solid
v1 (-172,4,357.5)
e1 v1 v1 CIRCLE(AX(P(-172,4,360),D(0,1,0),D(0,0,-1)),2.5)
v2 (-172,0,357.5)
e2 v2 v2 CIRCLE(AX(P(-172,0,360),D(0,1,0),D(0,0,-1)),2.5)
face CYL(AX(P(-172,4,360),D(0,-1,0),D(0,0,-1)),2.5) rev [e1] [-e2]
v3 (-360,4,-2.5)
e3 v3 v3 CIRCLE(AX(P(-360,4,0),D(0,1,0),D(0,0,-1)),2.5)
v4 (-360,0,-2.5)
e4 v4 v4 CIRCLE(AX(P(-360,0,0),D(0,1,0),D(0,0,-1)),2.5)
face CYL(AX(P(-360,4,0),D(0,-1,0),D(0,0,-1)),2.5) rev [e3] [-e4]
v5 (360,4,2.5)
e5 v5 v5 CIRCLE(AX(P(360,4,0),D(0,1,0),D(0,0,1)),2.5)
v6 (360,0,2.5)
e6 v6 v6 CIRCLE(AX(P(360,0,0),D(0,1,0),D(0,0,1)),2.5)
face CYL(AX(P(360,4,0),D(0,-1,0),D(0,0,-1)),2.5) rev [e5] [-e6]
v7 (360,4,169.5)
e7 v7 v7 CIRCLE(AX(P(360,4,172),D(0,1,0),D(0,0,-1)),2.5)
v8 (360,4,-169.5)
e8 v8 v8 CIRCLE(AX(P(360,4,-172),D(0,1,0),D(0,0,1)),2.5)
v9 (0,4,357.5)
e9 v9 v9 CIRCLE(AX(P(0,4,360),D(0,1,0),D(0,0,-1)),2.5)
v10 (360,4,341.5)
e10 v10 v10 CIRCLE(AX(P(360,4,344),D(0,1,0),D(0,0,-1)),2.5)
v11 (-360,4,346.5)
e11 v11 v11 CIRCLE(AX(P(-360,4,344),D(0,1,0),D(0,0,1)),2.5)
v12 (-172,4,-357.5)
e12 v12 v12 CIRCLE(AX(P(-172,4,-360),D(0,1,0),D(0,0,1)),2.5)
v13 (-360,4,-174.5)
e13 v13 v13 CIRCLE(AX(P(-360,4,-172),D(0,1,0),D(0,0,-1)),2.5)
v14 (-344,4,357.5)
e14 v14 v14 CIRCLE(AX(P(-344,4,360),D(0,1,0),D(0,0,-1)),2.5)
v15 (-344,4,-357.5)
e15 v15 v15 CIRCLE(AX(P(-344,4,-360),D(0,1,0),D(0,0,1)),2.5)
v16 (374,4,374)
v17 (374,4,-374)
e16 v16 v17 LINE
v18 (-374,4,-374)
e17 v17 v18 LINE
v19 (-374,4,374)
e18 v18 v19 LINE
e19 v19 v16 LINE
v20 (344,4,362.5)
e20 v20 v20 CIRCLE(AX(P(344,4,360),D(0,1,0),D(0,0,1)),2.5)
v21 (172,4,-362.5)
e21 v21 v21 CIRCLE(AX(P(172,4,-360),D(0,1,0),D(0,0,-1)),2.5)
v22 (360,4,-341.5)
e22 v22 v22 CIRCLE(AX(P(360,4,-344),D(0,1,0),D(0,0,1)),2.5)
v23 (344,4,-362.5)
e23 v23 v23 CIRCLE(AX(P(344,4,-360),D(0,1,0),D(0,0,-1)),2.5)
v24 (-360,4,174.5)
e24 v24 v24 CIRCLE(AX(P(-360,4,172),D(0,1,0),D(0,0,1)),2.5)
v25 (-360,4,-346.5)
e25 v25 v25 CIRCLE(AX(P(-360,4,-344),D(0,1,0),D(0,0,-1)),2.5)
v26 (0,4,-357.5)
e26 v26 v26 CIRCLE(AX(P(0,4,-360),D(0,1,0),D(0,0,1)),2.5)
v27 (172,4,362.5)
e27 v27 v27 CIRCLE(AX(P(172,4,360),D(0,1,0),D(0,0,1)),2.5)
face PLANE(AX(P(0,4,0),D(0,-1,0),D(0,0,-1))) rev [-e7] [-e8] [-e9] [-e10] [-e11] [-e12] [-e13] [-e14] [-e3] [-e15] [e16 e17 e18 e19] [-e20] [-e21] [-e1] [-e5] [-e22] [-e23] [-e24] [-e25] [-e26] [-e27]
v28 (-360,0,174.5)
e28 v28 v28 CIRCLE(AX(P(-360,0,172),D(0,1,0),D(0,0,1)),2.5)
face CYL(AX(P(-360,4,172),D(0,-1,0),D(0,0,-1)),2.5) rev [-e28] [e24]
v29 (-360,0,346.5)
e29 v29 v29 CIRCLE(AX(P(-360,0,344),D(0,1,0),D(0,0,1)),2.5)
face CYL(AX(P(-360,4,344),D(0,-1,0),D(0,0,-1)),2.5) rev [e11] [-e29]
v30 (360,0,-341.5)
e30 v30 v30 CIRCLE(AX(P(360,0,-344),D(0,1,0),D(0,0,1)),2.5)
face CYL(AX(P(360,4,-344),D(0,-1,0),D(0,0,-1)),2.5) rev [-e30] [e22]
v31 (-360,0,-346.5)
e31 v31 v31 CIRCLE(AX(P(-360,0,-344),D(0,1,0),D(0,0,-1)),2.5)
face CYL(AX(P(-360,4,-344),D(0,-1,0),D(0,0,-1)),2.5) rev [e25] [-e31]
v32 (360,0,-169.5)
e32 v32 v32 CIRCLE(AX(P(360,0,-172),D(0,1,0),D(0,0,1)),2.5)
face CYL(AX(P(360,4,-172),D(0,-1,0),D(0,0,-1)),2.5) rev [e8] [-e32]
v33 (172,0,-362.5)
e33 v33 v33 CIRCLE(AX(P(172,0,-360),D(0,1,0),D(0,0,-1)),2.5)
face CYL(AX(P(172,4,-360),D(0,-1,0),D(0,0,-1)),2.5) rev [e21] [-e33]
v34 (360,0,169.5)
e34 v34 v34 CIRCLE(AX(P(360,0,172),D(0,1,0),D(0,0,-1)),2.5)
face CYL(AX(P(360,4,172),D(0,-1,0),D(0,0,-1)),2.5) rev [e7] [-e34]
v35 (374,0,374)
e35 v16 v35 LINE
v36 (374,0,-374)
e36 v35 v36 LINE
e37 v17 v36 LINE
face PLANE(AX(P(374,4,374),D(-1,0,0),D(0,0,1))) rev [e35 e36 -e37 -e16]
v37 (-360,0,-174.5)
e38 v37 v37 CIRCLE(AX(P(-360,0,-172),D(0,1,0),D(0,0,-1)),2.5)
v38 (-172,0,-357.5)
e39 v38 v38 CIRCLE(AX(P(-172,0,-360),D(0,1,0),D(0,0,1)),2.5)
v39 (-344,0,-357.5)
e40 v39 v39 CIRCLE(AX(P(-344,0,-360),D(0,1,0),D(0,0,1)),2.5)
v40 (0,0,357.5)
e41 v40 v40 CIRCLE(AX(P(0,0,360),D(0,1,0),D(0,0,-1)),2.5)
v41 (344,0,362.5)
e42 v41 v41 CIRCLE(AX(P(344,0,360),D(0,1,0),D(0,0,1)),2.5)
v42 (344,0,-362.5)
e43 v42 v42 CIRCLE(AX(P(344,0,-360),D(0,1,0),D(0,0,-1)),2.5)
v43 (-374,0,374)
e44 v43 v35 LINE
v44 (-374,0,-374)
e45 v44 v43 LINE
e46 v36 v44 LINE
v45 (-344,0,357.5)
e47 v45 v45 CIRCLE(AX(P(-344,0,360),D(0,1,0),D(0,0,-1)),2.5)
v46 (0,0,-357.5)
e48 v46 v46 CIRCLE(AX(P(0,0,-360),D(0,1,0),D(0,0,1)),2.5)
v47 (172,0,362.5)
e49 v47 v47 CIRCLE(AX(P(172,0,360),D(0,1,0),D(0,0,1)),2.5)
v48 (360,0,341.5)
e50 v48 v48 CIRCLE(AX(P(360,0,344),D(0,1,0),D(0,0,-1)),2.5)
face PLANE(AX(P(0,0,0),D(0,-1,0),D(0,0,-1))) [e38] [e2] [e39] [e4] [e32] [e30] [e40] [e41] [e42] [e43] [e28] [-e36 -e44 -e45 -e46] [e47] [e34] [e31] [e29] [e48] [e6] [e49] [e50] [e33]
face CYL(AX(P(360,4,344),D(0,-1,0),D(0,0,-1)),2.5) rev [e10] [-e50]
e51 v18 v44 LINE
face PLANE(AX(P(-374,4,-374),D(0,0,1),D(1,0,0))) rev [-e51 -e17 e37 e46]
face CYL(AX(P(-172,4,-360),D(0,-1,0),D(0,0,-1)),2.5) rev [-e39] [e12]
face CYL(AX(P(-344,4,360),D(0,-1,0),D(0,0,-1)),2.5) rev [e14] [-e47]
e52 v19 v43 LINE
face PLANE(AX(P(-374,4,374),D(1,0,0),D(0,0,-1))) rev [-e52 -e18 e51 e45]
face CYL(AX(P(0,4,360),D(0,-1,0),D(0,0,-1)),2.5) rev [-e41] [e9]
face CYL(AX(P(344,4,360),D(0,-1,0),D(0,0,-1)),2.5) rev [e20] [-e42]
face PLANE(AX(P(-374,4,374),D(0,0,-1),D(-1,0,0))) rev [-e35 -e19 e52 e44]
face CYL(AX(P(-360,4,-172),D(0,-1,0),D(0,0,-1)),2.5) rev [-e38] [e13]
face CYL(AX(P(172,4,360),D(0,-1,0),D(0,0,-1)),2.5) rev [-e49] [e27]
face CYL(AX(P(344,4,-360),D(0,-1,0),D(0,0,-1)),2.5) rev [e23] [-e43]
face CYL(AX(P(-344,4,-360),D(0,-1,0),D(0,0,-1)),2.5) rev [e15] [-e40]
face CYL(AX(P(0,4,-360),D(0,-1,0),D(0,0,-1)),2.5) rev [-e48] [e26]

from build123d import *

# Parameters (mm, degrees)
SKETCH1_W           = 748
SKETCH1_H           = 748
SKETCH1_R           = 2.5
BOSS_EXTRUDE1_DEPTH = 4


with BuildPart() as part:
    # Sketch1 → Boss-Extrude1 (new body)
    with BuildSketch(Plane(origin=(0, 0, 0), x_dir=(1, 0, 0), z_dir=(0, 1, 0))):
        Rectangle(SKETCH1_W, SKETCH1_H)
        with Locations((-344, 360)):
            Circle(SKETCH1_R, mode=Mode.SUBTRACT)
        with Locations((0, 360)):
            Circle(SKETCH1_R, mode=Mode.SUBTRACT)
        with Locations((-172, 360)):
            Circle(SKETCH1_R, mode=Mode.SUBTRACT)
        with Locations((-360, 0)):
            Circle(SKETCH1_R, mode=Mode.SUBTRACT)
        with Locations((-360, 172)):
            Circle(SKETCH1_R, mode=Mode.SUBTRACT)
        with Locations((-360, 344)):
            Circle(SKETCH1_R, mode=Mode.SUBTRACT)
        with Locations((360, 0)):
            Circle(SKETCH1_R, mode=Mode.SUBTRACT)
        with Locations((172, 360)):
            Circle(SKETCH1_R, mode=Mode.SUBTRACT)
        with Locations((360, 344)):
            Circle(SKETCH1_R, mode=Mode.SUBTRACT)
        with Locations((360, 172)):
            Circle(SKETCH1_R, mode=Mode.SUBTRACT)
        with Locations((344, 360)):
            Circle(SKETCH1_R, mode=Mode.SUBTRACT)
        with Locations((360, -172)):
            Circle(SKETCH1_R, mode=Mode.SUBTRACT)
        with Locations((360, -344)):
            Circle(SKETCH1_R, mode=Mode.SUBTRACT)
        with Locations((344, -360)):
            Circle(SKETCH1_R, mode=Mode.SUBTRACT)
        with Locations((172, -360)):
            Circle(SKETCH1_R, mode=Mode.SUBTRACT)
        with Locations((0, -360)):
            Circle(SKETCH1_R, mode=Mode.SUBTRACT)
        with Locations((-172, -360)):
            Circle(SKETCH1_R, mode=Mode.SUBTRACT)
        with Locations((-344, -360)):
            Circle(SKETCH1_R, mode=Mode.SUBTRACT)
        with Locations((-360, -344)):
            Circle(SKETCH1_R, mode=Mode.SUBTRACT)
        with Locations((-360, -172)):
            Circle(SKETCH1_R, mode=Mode.SUBTRACT)
    extrude(amount=BOSS_EXTRUDE1_DEPTH)


solid = part.part
